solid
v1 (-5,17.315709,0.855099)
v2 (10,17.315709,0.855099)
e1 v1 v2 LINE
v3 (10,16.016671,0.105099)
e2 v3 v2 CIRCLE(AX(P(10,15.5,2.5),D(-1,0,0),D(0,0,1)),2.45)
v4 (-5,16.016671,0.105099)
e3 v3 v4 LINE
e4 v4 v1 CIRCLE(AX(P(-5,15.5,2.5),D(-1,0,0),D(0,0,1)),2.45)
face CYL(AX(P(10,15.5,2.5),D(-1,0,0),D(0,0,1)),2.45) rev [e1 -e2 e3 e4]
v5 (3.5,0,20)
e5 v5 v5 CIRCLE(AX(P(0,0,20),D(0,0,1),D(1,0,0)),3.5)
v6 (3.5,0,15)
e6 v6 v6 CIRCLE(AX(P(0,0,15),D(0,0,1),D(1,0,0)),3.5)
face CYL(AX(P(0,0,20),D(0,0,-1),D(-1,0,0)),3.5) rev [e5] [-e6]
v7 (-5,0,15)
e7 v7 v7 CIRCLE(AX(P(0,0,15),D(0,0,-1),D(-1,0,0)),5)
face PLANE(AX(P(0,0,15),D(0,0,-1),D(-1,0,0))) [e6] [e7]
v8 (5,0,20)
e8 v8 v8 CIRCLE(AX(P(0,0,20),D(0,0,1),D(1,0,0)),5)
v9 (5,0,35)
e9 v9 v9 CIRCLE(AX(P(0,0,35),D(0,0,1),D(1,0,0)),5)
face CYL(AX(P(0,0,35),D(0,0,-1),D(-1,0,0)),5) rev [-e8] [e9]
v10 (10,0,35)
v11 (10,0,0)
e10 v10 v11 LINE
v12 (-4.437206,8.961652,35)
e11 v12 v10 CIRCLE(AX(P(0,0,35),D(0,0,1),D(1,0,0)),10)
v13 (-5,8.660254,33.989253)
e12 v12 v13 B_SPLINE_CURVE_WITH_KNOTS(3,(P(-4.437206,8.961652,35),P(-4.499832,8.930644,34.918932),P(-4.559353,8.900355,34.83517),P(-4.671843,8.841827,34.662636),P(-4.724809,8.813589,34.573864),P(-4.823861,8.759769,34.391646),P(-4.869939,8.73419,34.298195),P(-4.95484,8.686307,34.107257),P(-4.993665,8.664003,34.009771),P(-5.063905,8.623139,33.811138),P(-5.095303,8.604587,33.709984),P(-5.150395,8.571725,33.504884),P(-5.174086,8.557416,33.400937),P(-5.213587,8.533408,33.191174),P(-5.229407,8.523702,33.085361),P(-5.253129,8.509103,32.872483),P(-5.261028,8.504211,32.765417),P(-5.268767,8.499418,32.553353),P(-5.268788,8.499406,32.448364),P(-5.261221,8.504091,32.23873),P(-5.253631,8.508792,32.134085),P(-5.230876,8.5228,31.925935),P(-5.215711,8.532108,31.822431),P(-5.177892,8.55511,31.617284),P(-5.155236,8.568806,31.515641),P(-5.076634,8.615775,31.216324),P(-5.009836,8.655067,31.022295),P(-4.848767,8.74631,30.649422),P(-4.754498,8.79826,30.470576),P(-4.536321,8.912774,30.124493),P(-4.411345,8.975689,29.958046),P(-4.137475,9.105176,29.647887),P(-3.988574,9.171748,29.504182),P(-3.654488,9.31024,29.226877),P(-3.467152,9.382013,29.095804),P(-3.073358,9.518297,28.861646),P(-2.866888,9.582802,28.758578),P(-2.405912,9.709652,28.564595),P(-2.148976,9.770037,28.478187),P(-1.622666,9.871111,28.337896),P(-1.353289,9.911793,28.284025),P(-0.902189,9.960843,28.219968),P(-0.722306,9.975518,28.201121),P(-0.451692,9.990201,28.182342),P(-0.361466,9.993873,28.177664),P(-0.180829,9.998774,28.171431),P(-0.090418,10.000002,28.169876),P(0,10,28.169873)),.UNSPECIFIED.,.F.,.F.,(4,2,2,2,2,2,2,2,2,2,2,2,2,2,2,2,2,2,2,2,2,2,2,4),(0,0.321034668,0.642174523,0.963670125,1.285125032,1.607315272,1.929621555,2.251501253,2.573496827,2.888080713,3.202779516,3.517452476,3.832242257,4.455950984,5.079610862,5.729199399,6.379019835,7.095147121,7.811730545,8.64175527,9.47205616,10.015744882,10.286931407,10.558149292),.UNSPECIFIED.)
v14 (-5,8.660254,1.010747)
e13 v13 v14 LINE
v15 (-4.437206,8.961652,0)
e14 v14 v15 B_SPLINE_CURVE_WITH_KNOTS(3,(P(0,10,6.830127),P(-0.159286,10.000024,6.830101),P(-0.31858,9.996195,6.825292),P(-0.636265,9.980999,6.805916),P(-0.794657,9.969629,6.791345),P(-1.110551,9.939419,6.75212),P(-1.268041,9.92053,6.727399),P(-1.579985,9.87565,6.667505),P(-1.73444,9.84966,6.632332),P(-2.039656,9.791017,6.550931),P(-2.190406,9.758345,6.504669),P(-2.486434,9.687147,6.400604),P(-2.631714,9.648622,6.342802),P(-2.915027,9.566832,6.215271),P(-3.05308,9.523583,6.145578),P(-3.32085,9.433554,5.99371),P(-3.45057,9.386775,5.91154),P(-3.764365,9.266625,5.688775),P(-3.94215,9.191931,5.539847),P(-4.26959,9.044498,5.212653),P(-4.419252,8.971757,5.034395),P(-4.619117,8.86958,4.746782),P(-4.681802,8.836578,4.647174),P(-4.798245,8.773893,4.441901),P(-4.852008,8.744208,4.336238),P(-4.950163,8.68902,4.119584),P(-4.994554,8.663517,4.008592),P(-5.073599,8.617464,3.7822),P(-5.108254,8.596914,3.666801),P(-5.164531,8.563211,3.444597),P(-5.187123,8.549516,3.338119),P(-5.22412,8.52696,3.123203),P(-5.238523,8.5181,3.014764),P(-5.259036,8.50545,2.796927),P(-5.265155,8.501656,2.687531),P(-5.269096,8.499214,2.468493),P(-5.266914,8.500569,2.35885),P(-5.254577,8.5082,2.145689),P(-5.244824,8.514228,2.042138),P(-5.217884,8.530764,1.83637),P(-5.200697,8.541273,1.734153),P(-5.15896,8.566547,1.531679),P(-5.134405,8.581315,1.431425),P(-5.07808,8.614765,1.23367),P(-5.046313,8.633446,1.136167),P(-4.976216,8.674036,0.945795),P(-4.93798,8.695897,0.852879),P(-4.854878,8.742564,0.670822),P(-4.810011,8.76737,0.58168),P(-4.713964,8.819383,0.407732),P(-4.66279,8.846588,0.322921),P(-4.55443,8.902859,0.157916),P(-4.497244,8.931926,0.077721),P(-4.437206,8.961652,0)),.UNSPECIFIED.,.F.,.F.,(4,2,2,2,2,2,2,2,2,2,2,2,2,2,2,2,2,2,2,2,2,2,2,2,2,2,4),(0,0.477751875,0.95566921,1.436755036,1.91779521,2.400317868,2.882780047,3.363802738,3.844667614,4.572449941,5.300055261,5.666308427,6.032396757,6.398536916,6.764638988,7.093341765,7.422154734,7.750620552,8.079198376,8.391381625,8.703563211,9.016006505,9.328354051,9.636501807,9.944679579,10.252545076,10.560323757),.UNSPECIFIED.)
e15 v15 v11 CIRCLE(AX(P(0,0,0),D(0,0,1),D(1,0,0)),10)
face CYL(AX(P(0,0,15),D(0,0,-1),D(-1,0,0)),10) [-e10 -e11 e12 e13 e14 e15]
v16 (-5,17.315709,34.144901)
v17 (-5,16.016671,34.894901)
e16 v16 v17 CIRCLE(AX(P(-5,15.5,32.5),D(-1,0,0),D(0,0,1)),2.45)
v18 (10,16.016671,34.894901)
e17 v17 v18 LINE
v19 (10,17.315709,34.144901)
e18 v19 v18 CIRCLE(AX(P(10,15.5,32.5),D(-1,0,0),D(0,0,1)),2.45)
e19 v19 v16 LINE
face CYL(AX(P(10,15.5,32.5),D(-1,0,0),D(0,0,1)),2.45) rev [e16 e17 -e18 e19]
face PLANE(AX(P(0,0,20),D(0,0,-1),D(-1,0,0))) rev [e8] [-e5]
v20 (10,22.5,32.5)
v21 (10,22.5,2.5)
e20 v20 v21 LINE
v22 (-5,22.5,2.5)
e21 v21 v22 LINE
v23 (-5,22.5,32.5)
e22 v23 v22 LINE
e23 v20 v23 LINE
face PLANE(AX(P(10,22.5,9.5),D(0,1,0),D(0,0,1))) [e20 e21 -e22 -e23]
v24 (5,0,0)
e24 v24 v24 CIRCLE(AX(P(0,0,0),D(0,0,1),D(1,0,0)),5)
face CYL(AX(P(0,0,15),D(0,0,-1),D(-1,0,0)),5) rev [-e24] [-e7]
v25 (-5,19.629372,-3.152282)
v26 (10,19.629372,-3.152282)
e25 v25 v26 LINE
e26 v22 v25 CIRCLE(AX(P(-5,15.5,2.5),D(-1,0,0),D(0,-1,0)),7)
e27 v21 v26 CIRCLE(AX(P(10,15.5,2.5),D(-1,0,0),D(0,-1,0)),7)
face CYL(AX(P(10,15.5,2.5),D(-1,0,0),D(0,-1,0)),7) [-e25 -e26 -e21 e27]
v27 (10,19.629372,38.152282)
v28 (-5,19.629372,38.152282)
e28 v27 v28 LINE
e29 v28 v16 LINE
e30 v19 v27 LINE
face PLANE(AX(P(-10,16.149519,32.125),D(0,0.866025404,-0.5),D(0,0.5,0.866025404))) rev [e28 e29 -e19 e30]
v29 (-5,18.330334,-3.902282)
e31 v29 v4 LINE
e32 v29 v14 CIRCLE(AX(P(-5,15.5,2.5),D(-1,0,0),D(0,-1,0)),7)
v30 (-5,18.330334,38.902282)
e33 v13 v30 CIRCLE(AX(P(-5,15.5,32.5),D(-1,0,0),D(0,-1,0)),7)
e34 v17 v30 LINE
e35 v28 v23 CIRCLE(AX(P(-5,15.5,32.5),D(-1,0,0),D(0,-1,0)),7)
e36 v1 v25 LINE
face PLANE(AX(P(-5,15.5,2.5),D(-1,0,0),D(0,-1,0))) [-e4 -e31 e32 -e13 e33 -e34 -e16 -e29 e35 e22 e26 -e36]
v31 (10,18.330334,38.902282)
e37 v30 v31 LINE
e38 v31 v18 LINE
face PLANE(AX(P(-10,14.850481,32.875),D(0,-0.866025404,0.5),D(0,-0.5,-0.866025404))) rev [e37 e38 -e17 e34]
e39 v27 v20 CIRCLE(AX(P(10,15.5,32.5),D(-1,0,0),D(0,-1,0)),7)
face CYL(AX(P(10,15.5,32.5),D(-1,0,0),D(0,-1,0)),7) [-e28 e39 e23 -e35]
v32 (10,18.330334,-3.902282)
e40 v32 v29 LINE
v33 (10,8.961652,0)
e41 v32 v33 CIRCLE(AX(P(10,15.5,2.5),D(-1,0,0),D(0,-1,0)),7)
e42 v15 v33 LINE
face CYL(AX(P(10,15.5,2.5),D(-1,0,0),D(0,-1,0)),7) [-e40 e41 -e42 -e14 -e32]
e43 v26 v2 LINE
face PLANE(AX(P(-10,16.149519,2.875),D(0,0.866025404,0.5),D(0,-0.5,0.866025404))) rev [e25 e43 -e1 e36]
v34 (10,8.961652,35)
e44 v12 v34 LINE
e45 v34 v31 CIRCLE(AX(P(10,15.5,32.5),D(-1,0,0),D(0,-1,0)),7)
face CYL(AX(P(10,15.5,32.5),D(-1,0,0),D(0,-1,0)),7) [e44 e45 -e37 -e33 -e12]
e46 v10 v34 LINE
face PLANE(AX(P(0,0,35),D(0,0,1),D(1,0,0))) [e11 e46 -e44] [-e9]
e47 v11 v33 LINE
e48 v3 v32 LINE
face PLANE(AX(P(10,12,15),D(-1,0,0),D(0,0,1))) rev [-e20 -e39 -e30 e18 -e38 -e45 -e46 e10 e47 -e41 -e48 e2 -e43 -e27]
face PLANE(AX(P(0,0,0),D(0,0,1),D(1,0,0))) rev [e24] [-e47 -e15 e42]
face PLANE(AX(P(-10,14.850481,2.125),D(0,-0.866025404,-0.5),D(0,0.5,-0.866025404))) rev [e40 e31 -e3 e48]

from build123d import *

# Parameters (mm, degrees)
SKETCH1_R                = 5
BOSS_EXTRUDE1_DEPTH      = 15
SKETCH3_R                = 3.5
BOSS_EXTRUDE2_DEPTH      = 5
SKETCH4_R                = 5
BOSS_EXTRUDE3_DEPTH      = 15
BOSS_EXTRUDE4_DEPTH      = 5
BOSS_EXTRUDE4_DEPTH_BACK = 10
SKETCH7_R                = 2.45
CUT_EXTRUDE1_DEPTH       = 48.86961474
CUT_EXTRUDE2_DEPTH       = 50.663870332


with BuildPart() as part:
    # Sketch1 → Boss-Extrude1 (new body)
    with BuildSketch(Plane.XY):
        with BuildLine():
            Line((0, 12), (10, 12))
            Line((10, 12), (10, 0))
            ThreePointArc((10, 0), (-7.071067812, -7.071067812), (0, 10))
            Line((0, 10), (0, 12))
        make_face()
        Circle(SKETCH1_R, mode=Mode.SUBTRACT)
    extrude(amount=BOSS_EXTRUDE1_DEPTH)

    # Sketch3 → Boss-Extrude2 (add)
    with BuildSketch(Plane.XY.offset(15)):
        with BuildLine():
            Line((10, 0), (10, 12))
            Line((10, 12), (0, 12))
            Line((0, 12), (0, 10))
            ThreePointArc((0, 10), (-7.071067812, 7.071067812), (-10, 0))
            ThreePointArc((-10, 0), (0, -10), (10, 0))
        make_face()
        Circle(SKETCH3_R, mode=Mode.SUBTRACT)
    extrude(amount=BOSS_EXTRUDE2_DEPTH)

    # Sketch4 → Boss-Extrude3 (add)
    with BuildSketch(Plane.XY.offset(20)):
        with BuildLine():
            Line((0, 12), (10, 12))
            Line((10, 12), (10, 0))
            ThreePointArc((10, 0), (-7.071067812, -7.071067812), (0, 10))
            Line((0, 10), (0, 12))
        make_face()
        with Locations(Location((0, 0, 0), (0, 0, 180))):
            Circle(SKETCH4_R, mode=Mode.SUBTRACT)
    extrude(amount=BOSS_EXTRUDE3_DEPTH)

    # Sketch6 → Boss-Extrude4 (add, two sides: drawn at the far end of the back side and taken through both)
    with BuildSketch(Plane.ZY.offset(-BOSS_EXTRUDE4_DEPTH_BACK)):
        with BuildLine():
            Line((9.5, 22.5), (2.5, 22.5))
            ThreePointArc((2.5, 22.5), (-4.5, 15.5), (2.5, 8.5))
            Line((2.5, 8.5), (32.5, 8.5))
            ThreePointArc((32.5, 8.5), (39.5, 15.5), (32.5, 22.5))
            Line((32.5, 22.5), (25.5, 22.5))
            Line((25.5, 22.5), (9.5, 22.5))
        make_face()
    extrude(amount=BOSS_EXTRUDE4_DEPTH + BOSS_EXTRUDE4_DEPTH_BACK)

    # Sketch7 → Cut-Extrude1 (cut, through all)
    with BuildSketch(Plane.ZY.offset(5)):
        with Locations((2.5, 15.5)):
            Circle(SKETCH7_R)
        with Locations((32.5, 15.5)):
            Circle(SKETCH7_R)
    extrude(amount=-CUT_EXTRUDE1_DEPTH, mode=Mode.SUBTRACT)

    # Sketch8 → Cut-Extrude2 (cut, through all)
    with BuildSketch(Plane(origin=(10, 0, 0), x_dir=(0, 0, -1), z_dir=(1, 0, 0))):
        Polygon((-32.125, 16.149519053), (-32.875, 14.850480947), (-38.937177826, 18.350480947), (-38.187177826, 19.649519053), align=None)
        Polygon((-2.875, 16.149519053), (-2.125, 14.850480947), (3.937177826, 18.350480947), (3.187177826, 19.649519053), align=None)
    extrude(amount=-CUT_EXTRUDE2_DEPTH, mode=Mode.SUBTRACT)


solid = part.part
